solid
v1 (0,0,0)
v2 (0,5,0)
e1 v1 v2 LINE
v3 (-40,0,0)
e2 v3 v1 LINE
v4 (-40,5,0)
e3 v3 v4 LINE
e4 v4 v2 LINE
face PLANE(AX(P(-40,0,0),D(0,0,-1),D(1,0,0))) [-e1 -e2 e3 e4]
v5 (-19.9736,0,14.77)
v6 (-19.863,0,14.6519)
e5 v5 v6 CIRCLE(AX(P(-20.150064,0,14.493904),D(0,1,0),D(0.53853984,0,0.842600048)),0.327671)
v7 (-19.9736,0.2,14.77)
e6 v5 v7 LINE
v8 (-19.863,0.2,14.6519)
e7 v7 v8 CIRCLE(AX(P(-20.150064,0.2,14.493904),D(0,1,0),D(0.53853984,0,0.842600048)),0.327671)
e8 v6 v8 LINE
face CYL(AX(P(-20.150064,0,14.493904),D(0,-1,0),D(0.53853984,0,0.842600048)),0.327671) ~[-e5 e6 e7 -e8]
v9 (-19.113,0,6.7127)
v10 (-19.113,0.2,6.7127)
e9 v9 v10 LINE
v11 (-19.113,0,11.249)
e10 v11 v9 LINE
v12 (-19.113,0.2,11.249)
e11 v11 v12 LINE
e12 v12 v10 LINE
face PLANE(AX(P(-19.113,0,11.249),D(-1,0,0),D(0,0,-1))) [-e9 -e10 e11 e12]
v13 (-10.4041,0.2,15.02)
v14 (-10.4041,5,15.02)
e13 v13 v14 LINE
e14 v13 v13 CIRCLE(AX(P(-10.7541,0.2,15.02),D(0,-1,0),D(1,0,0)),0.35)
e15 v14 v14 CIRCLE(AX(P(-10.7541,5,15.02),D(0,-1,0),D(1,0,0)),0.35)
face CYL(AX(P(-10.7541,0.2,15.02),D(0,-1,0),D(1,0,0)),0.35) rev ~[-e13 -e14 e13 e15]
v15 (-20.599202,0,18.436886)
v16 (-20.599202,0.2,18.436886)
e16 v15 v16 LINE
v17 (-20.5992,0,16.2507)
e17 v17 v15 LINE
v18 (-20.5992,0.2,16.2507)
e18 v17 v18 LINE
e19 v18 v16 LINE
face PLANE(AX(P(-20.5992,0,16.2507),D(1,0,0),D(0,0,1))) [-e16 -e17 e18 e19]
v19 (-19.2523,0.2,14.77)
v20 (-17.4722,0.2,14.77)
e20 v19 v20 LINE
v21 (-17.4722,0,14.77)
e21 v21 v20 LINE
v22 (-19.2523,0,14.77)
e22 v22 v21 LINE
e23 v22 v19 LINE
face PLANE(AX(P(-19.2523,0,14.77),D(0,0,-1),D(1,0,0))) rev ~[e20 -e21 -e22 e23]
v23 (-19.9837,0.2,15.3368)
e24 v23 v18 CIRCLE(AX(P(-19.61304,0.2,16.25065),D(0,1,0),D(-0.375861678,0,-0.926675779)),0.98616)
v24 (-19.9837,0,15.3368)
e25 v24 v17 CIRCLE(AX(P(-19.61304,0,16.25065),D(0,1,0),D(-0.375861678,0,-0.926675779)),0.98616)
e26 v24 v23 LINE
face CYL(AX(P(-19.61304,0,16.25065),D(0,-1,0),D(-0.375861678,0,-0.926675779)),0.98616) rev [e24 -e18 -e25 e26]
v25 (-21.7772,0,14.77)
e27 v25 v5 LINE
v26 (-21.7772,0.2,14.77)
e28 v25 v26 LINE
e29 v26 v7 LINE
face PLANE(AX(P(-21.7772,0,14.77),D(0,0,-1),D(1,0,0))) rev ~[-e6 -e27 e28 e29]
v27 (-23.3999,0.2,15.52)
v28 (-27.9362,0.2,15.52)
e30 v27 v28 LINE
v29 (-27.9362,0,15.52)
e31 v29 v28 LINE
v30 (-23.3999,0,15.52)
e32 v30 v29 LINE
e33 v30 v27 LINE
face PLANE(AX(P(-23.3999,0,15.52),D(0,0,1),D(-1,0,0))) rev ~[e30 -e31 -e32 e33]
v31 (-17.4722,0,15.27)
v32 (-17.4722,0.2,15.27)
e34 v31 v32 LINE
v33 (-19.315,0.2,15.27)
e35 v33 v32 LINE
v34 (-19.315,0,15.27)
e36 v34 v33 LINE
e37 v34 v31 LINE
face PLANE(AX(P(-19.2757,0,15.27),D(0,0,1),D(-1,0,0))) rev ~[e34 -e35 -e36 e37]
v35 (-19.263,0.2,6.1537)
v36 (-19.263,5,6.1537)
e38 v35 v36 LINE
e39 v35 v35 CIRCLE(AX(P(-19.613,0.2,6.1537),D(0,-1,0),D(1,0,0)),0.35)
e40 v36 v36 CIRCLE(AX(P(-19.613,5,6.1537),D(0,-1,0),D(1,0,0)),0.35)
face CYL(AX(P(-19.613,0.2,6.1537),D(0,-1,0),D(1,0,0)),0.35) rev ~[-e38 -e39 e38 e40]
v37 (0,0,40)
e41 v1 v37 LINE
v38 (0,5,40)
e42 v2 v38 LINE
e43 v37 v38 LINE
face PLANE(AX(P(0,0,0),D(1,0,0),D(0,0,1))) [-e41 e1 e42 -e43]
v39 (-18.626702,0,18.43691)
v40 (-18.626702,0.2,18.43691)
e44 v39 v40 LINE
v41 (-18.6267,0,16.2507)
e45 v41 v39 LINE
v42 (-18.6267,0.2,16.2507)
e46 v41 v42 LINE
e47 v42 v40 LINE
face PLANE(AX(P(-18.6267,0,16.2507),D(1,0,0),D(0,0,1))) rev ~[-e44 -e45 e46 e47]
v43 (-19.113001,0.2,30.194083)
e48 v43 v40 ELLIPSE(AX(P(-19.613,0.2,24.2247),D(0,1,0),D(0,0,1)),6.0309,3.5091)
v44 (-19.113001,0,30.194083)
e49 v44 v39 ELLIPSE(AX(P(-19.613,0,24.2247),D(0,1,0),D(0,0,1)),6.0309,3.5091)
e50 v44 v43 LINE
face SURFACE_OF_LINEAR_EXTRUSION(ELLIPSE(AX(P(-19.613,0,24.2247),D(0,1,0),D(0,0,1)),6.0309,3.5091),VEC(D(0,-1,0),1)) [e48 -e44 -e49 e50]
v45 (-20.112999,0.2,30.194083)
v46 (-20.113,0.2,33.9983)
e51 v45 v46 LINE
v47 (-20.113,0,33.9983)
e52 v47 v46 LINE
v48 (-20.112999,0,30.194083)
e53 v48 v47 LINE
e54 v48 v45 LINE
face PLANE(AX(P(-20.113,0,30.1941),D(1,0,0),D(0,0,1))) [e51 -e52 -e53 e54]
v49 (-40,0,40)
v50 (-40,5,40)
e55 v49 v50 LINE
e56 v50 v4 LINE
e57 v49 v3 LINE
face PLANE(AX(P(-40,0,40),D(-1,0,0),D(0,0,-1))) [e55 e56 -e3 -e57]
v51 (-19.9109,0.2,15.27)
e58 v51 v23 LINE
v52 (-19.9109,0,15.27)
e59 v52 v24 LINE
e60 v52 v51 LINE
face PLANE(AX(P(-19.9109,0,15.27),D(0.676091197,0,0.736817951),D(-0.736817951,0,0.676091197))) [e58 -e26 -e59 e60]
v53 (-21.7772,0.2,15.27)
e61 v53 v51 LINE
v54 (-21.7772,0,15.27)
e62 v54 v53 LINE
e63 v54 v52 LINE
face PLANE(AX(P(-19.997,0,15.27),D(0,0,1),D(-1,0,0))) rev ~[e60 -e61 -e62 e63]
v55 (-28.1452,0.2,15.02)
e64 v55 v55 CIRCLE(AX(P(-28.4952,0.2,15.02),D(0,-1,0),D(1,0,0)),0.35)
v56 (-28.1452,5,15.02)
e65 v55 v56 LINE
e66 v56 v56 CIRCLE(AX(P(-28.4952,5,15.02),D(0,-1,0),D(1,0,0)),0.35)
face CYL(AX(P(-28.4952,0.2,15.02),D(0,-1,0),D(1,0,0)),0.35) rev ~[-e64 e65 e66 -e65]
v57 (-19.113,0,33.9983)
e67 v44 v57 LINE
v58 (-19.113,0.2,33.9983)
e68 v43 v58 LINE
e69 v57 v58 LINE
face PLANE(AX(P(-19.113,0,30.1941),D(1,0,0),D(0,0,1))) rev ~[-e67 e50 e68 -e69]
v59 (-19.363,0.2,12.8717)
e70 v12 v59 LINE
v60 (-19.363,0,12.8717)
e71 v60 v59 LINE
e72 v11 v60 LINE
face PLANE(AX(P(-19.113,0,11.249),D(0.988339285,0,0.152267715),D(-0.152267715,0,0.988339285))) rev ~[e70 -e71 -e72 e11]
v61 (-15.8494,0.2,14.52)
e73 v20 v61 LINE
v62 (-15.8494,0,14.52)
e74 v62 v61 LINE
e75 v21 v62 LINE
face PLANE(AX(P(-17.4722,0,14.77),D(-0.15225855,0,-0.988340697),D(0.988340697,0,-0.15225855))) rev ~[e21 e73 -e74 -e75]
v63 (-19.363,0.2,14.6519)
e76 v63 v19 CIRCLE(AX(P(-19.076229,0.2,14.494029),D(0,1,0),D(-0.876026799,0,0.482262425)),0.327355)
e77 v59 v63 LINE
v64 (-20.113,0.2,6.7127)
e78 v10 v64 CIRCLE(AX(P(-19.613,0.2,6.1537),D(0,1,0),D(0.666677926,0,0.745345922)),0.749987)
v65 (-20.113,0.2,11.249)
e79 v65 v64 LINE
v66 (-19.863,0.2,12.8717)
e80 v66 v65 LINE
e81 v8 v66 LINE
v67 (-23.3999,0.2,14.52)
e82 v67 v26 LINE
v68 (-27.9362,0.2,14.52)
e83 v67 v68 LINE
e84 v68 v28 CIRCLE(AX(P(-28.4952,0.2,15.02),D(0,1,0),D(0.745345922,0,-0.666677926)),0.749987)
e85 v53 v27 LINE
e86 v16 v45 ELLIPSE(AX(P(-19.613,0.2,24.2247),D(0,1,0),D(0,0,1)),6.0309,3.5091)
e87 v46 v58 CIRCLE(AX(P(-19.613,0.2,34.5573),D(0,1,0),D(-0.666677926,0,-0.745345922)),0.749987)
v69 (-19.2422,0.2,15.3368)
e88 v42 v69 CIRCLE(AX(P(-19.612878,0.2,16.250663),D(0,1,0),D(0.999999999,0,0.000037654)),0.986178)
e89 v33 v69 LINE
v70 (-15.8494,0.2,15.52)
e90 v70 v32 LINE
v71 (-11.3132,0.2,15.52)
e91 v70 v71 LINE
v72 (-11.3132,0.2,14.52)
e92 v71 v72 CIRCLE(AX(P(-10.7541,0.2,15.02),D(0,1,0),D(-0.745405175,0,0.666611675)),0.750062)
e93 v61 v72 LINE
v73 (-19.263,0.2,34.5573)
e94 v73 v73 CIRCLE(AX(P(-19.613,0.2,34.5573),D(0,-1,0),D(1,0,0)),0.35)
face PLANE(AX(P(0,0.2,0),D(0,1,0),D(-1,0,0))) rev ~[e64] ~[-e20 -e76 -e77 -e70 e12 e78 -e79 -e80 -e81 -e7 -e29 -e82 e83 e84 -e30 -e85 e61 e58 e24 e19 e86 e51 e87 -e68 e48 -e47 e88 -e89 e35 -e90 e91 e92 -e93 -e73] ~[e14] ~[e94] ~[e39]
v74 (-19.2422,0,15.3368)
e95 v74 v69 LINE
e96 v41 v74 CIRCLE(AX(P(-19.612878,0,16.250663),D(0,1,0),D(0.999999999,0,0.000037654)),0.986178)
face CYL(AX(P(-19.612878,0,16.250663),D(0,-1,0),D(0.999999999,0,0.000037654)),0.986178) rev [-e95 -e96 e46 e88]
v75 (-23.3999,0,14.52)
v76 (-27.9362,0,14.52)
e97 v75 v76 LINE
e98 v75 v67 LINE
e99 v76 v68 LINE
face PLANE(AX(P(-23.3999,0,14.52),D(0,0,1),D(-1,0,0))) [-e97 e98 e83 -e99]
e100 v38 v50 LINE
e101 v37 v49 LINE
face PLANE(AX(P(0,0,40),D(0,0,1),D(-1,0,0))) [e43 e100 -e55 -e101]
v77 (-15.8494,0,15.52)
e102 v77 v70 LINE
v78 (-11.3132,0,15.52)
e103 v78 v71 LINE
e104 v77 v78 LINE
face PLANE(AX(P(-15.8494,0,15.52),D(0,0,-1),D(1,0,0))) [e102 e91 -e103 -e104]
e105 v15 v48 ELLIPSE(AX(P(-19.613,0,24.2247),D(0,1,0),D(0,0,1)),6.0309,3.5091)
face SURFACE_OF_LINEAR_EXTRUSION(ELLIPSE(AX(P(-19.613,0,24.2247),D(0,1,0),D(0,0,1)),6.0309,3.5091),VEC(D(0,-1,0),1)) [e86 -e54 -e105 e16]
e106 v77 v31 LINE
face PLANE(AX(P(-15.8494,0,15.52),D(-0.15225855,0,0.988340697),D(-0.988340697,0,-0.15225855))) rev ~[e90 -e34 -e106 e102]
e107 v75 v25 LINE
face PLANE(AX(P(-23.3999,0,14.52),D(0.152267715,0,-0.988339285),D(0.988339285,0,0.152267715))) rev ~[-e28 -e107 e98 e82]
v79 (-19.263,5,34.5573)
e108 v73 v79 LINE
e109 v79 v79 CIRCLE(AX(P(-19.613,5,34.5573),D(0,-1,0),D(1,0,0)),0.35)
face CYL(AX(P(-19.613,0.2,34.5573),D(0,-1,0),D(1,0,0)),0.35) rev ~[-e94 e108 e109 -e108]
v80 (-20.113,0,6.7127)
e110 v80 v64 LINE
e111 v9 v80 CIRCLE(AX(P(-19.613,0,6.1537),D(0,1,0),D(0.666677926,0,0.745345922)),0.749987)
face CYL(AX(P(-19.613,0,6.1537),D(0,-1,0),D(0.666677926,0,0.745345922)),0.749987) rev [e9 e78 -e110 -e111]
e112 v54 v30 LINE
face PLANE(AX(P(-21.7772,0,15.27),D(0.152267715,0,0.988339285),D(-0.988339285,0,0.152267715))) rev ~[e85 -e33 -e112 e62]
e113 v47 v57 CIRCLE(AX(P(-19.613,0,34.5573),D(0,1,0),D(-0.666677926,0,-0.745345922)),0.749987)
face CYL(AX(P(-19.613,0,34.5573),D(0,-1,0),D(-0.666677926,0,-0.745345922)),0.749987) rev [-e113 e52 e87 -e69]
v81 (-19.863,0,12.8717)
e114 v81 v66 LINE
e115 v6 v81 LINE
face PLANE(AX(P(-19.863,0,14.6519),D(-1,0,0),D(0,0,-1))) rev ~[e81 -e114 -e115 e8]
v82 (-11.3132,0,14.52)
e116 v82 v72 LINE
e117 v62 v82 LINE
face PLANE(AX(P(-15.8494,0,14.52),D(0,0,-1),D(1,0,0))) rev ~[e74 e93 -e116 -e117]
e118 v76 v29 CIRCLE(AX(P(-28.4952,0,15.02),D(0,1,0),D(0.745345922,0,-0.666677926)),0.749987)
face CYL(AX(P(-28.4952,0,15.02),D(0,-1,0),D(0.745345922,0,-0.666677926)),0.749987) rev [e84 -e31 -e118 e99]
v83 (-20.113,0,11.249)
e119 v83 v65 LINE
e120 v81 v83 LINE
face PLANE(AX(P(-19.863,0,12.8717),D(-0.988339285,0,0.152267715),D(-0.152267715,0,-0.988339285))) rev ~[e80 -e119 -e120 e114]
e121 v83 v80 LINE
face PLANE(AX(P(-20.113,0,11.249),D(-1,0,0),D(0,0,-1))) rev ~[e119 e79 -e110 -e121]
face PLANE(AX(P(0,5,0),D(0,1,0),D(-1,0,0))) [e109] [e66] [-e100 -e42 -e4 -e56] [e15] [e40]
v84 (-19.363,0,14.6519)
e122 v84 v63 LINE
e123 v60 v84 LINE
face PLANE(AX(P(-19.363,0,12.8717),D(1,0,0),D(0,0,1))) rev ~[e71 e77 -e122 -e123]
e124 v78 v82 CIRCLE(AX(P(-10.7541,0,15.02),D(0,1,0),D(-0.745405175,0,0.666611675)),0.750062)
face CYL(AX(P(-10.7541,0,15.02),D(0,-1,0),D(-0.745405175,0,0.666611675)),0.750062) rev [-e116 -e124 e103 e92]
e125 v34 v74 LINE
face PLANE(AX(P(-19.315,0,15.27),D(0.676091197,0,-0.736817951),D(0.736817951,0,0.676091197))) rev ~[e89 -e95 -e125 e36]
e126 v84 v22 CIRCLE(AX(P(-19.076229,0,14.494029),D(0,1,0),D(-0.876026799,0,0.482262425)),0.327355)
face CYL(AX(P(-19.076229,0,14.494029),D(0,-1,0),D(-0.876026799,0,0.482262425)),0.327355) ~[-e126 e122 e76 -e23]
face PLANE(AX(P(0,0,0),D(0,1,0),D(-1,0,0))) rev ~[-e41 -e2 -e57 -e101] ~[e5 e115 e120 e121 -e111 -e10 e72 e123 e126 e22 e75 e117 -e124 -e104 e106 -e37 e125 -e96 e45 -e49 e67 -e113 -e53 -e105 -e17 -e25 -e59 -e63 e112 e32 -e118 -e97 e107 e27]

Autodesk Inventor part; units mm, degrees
ref_plane "YZ Plane" through (0, 0, 0) normal (1, 0, 0) x (0, 1, 0)
ref_plane "XZ Plane" through (0, 0, 0) normal (0, 1, 0) x (-1, 0, 0)
ref_plane "XY Plane" through (0, 0, 0) normal (0, 0, 1) x (1, 0, 0)
sketch "Boceto1" plane through (0, 0, 0) normal (0, 1, 0) x (-1, 0, 0)
  arc A0 (19.363, 14.6519) -> (19.2523, 14.77) centre (19.0755, 14.4935) ccw
  arc A1 (19.9736, 14.77) -> (19.863, 14.6519) centre (20.1504, 14.4935) ccw
  ellipse E0 centre (19.613, 24.2247) end of major axis (19.613, 30.2556) minor radius 3.5091 (19.113, 30.1941) -> (18.6267, 18.4369) ccw
  arc A2 (18.6267, 16.2507) -> (19.2422, 15.3368) centre (19.613, 16.2507) ccw
  arc A3 (19.9837, 15.3368) -> (20.5992, 16.2507) centre (19.613, 16.2507) ccw
  line L0 (20.5992, 16.2507) -> (20.5992, 18.4369)
  line L1 (23.3999, 14.52) -> (21.7772, 14.77)
  line L2 (21.7772, 15.27) -> (23.3999, 15.52)
  line L3 (40, 0) -> (0, 0)
  line L4 (18.6267, 16.2507) -> (18.6267, 18.4369)
  ellipse E1 centre (19.613, 24.2247) end of major axis (19.613, 30.2556) minor radius 3.5091 (20.5992, 18.4369) -> (20.113, 30.1941) ccw
  line L5 (21.7772, 14.77) -> (19.9736, 14.77)
  line L6 (19.997, 15.27) -> (21.7772, 15.27)
  line L7 (19.997, 15.27) -> (19.9109, 15.27)
  line L8 (19.9109, 15.27) -> (19.9837, 15.3368)
  line L9 (19.2289, 15.27) -> (19.315, 15.27)
  line L10 (19.315, 15.27) -> (19.2422, 15.3368)
  arc A4 (27.9362, 14.52) -> (27.9362, 15.52) centre (28.4952, 15.02) ccw
  line L11 (23.3999, 15.52) -> (27.9362, 15.52)
  line L12 (23.3999, 14.52) -> (27.9362, 14.52)
  line L13 (15.8494, 15.52) -> (17.4722, 15.27)
  line L14 (17.4722, 14.77) -> (15.8494, 14.52)
  line L15 (17.4722, 15.27) -> (19.2757, 15.27)
  line L16 (19.2523, 14.77) -> (17.4722, 14.77)
  arc A5 (11.3132, 15.52) -> (11.3132, 14.52) centre (10.7541, 15.02) ccw
  line L17 (15.8494, 14.52) -> (11.3132, 14.52)
  line L18 (15.8494, 15.52) -> (11.3132, 15.52)
  line L19 (19.863, 12.8717) -> (20.113, 11.249)
  line L20 (19.113, 11.249) -> (19.363, 12.8717)
  line L21 (20.113, 11.249) -> (20.113, 6.7127)
  arc A6 (19.113, 6.7127) -> (20.113, 6.7127) centre (19.613, 6.1537) ccw
  line L22 (19.113, 11.249) -> (19.113, 6.7127)
  line L23 (19.363, 12.8717) -> (19.363, 14.6519)
  line L24 (19.863, 14.6519) -> (19.863, 12.8717)
  arc A7 (20.113, 33.9983) -> (19.113, 33.9983) centre (19.613, 34.5573) ccw
  line L25 (19.113, 30.1941) -> (19.113, 33.9983)
  line L26 (20.113, 30.1941) -> (20.113, 33.9983)
  line L27 (0, 0) -> (0, 40)
  line L28 (0, 40) -> (40, 40)
  line L29 (40, 40) -> (40, 0)
extrude "Extrusión1" add sketch "Boceto1" along normal blind 5 contours A0 L16 L14 L17 A5 L18 L13 L15 L9 L10 A2 L4 E0 L25 A7 L26 E1 L0 A3 L8 L7 L6 L2 L11 A4 L12 L1 L5 A1 L24 L19 L21 A6 L22 L20 L23 | L3 L27 L28 L29
extrude "Extrusión2" cut sketch "Boceto1" along normal blind 0.2 contours A0 L16 L14 L17 A5 L18 L13 L15 L9 L10 A2 L4 E0 L25 A7 L26 E1 L0 A3 L8 L7 L6 L2 L11 A4 L12 L1 L5 A1 L24 L19 L21 A6 L22 L20 L23
sketch "Boceto2" plane through (0, 0.2, 0) normal (0, -1, 0) x (1, 0, 0)
  arc A0 (-19.113, 33.9983) -> (-20.113, 33.9983) centre (-19.613, 34.5573) ccw projected
  arc A1 (-11.3132, 14.52) -> (-11.3132, 15.52) centre (-10.7541, 15.02) ccw projected
  arc A2 (-20.113, 6.7127) -> (-19.113, 6.7127) centre (-19.613, 6.1537) ccw projected
  arc A3 (-27.9362, 15.52) -> (-27.9362, 14.52) centre (-28.4952, 15.02) ccw projected
  circle A4 centre (-28.4952, 15.02) radius 0.35
  circle A5 centre (-19.613, 6.1537) radius 0.35
  circle A6 centre (-10.7541, 15.02) radius 0.35
  circle A7 centre (-19.613, 34.5573) radius 0.35
  point P0 (0, 0)
  dimension "d11" = 0.7
  dimension "d12" = 0.7
  dimension "d13" = 0.7
  dimension "d14" = 0.7
extrude "Extrusión3" cut sketch "Boceto2" against normal through all
properties part number "droplet-generator"
